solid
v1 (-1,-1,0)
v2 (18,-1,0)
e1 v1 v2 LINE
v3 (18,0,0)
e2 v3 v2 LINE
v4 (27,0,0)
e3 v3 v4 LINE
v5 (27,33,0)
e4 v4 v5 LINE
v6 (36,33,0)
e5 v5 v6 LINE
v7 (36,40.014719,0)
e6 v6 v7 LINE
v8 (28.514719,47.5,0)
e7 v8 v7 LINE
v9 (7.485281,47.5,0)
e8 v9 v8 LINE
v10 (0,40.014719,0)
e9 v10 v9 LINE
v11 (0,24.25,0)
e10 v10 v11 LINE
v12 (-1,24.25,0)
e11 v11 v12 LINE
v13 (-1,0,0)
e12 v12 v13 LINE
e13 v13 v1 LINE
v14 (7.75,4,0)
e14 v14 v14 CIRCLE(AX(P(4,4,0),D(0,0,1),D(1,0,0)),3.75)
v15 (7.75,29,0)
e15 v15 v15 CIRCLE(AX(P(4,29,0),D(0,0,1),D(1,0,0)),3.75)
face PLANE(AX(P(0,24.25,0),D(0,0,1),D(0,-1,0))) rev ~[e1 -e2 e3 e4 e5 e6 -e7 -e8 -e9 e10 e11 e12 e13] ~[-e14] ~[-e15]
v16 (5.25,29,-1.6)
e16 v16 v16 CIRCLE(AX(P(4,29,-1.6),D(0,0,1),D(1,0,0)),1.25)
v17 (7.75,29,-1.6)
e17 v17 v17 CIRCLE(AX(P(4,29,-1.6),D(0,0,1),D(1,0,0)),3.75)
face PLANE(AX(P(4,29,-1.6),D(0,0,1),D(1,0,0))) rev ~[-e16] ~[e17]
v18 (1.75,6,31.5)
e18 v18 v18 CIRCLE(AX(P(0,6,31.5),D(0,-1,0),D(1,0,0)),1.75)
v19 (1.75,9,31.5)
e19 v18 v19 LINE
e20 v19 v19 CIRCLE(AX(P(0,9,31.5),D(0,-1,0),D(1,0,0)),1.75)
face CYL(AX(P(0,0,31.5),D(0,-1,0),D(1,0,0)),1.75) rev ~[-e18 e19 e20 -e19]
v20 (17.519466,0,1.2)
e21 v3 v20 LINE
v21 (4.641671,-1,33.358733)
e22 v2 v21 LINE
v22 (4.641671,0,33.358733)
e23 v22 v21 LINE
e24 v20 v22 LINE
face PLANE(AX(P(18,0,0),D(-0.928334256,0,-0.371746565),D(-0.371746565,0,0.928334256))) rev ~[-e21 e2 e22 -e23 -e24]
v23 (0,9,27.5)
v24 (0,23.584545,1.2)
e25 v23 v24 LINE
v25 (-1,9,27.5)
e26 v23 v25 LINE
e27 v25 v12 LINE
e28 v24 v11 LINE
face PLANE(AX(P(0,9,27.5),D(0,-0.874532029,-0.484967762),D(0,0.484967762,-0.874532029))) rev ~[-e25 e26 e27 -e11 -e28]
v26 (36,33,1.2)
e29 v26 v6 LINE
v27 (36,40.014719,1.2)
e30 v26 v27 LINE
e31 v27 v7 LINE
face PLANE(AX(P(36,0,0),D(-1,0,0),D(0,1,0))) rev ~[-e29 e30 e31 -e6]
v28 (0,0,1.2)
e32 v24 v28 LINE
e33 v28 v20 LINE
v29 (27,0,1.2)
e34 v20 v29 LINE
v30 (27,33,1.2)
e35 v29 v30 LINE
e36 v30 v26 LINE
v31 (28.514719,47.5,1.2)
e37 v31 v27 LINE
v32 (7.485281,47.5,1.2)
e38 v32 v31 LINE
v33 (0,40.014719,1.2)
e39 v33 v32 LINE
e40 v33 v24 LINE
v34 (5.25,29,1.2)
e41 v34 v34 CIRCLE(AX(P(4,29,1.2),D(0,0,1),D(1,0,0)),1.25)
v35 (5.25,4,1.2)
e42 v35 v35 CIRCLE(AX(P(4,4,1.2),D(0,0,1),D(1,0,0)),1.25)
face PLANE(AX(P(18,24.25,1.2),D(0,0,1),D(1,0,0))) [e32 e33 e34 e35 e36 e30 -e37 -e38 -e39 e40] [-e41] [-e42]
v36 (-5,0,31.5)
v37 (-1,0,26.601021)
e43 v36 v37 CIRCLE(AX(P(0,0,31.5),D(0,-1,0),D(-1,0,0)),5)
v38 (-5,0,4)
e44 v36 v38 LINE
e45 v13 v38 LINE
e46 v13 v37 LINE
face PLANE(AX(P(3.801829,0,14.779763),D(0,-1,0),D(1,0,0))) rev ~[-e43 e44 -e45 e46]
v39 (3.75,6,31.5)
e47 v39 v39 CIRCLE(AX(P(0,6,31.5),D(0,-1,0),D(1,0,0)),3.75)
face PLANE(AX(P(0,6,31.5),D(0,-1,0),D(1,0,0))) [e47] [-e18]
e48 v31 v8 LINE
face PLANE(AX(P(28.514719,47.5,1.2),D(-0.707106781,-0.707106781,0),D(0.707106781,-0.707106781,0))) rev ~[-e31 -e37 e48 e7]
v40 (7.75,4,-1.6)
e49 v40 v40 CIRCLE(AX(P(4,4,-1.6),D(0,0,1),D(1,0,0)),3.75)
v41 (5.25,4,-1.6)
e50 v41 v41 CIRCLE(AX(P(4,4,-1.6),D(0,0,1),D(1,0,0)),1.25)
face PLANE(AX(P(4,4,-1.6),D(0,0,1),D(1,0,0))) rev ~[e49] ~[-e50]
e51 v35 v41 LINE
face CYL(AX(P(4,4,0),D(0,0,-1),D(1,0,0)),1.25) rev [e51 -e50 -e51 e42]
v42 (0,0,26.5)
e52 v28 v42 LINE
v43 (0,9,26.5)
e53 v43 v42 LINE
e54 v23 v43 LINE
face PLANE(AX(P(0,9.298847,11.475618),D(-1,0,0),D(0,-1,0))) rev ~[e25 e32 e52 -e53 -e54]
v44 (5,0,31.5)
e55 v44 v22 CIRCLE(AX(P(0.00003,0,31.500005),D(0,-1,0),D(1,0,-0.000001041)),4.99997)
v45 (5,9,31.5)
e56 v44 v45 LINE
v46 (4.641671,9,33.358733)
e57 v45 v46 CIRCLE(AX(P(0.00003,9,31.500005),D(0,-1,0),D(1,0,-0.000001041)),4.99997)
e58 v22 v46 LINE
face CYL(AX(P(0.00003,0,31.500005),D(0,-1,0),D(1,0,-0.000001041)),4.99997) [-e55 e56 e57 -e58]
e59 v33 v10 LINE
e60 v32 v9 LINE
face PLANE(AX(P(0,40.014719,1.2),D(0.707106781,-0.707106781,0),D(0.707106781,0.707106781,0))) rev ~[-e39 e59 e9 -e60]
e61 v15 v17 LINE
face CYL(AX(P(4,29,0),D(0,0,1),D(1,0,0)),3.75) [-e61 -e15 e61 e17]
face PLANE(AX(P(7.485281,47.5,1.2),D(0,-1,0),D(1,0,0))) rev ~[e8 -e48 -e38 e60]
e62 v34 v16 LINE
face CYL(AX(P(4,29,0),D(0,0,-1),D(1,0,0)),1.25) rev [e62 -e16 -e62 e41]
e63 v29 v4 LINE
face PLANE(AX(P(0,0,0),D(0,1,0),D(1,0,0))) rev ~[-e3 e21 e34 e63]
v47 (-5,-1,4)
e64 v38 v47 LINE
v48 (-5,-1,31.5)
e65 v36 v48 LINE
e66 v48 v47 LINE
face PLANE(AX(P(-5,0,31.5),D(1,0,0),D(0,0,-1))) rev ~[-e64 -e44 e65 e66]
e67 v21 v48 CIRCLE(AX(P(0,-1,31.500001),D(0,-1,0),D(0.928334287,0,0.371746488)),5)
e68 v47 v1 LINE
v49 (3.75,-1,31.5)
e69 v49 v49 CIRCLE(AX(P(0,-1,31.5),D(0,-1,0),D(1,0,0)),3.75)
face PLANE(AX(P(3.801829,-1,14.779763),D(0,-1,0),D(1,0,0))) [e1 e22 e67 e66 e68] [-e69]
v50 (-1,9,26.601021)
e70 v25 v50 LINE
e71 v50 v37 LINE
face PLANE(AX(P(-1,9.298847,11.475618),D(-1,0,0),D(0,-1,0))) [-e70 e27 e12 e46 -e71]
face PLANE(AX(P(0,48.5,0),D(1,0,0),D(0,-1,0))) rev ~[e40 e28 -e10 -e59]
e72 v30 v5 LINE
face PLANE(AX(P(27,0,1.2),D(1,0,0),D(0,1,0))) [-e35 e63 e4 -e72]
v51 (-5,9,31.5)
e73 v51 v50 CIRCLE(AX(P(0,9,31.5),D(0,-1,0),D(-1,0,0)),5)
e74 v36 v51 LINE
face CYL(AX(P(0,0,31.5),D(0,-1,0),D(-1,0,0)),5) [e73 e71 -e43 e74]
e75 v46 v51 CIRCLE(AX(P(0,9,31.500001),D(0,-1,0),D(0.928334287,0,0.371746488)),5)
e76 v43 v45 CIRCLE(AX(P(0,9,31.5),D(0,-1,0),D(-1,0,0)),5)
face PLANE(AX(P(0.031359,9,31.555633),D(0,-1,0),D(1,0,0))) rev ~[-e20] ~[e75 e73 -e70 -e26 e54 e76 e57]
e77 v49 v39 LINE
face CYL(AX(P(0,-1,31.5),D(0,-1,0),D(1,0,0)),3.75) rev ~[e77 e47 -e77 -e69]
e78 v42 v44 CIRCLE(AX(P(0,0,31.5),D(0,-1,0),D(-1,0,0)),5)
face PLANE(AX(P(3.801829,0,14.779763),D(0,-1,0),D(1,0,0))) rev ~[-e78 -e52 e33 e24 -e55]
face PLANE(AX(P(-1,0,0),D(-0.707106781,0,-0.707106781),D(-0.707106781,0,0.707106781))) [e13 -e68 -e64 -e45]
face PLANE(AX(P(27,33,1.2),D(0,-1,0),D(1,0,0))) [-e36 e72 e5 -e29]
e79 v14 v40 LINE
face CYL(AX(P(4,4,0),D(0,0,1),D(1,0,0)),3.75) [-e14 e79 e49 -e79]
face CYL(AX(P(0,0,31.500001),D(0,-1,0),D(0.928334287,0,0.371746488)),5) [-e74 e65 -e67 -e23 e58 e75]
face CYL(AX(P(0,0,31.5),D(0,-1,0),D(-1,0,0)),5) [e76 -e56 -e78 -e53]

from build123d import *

# Parameters (mm, degrees)
F0_R      = 1.25
F1_DEPTH  = 1.2
F2_R      = 3.75
F2_R_2    = 1.25
F3_DEPTH  = 1.6
F4_R      = 1.75
F5_DEPTH  = 1
F6_DEPTH  = 9
F8_DEPTH  = 1
F10_DEPTH = 1.001
F11_R     = 3.75
F12_DEPTH = 7
F13_W     = 9
F13_H     = 33
F14_DEPTH = 2.801


with BuildPart() as f1:
    # F0 (on Top) → F1 (new body)
    with BuildSketch(Plane.XY):
        Polygon((0, 20), (0, 0), (36, 0), (36, 48.5), (0, 48.5), align=None)
        with Locations((4, 4)):
            Circle(F0_R, mode=Mode.SUBTRACT)
        with Locations((4, 29)):
            Circle(F0_R, mode=Mode.SUBTRACT)
    extrude(amount=F1_DEPTH)

    # F2 (on face) → F3 (join)
    with BuildSketch(Plane.XY):
        with Locations((4, 29)):
            Circle(F2_R)
        with Locations((4, 29)):
            Circle(F2_R_2, mode=Mode.SUBTRACT)
        with Locations((4, 4)):
            Circle(F2_R)
        with Locations((4, 4)):
            Circle(F2_R_2, mode=Mode.SUBTRACT)
    extrude(amount=-F3_DEPTH)

    # F4 (on Front) → F5 (join)
    with BuildSketch(Plane.XZ):
        with BuildLine():
            ThreePointArc((4.641671, 33.358733), (4.909601, 32.446479), (5, 31.5))
            ThreePointArc((5, 31.5), (0, 26.5), (-5, 31.5))
            Line((-5, 31.5), (-5, 0))
            Line((-5, 0), (0, 0))
            Line((0, 0), (18, 0))
            Line((18, 0), (4.641671, 33.358733))
        make_face()
        with BuildLine():
            ThreePointArc((-5, 31.5), (0, 26.5), (5, 31.5))
            ThreePointArc((5, 31.5), (4.909601, 32.446479), (4.641671, 33.358733))
            ThreePointArc((4.641671, 33.358733), (-0.946479, 36.409601), (-5, 31.5))
        make_face()
        with Locations((0, 31.5)):
            Circle(F4_R, mode=Mode.SUBTRACT)
    extrude(amount=F5_DEPTH)

    # F4 (on Front) → F6 (join)
    with BuildSketch(Plane.XZ):
        with BuildLine():
            ThreePointArc((-5, 31.5), (0, 26.5), (5, 31.5))
            ThreePointArc((5, 31.5), (4.909601, 32.446479), (4.641671, 33.358733))
            ThreePointArc((4.641671, 33.358733), (-0.946479, 36.409601), (-5, 31.5))
        make_face()
        with Locations((0, 31.5)):
            Circle(F4_R, mode=Mode.SUBTRACT)
    extrude(amount=-F6_DEPTH)

    # F7 (on face) → F8 (join)
    with BuildSketch(Plane(origin=(0, 0, 0), x_dir=(0, -1, 0), z_dir=(-1, 0, 0))):
        Polygon((-9, 27.5), (-24.25, 0), (0, 0), (0, 27.5), align=None)
    extrude(amount=F8_DEPTH)

    # F9 (on face) → F10 (cut, through all)
    with BuildSketch(Plane.XZ):
        Polygon((-5, 0), (-1, 0), (-5, 4), align=None)
    extrude(amount=F10_DEPTH, mode=Mode.SUBTRACT)

    # F11 (on face) → F12 (cut)
    with BuildSketch(Plane.XZ.offset(1)):
        with Locations((0, 31.5)):
            Circle(F11_R)
    extrude(amount=-F12_DEPTH, mode=Mode.SUBTRACT)

    # F13 (on face) → F14 (cut, through all)
    with BuildSketch(Plane.XY.offset(1.2)):
        Polygon((36, 48.5), (0, 48.5), (0, 47.5), (0, 40.014719), (7.485281, 47.5), (28.514719, 47.5), (36, 40.014719), (36, 47.5), align=None)
        with Locations((31.5, 16.5)):
            Rectangle(F13_W, F13_H)
    extrude(amount=-F14_DEPTH, mode=Mode.SUBTRACT)


solid = f1.part
